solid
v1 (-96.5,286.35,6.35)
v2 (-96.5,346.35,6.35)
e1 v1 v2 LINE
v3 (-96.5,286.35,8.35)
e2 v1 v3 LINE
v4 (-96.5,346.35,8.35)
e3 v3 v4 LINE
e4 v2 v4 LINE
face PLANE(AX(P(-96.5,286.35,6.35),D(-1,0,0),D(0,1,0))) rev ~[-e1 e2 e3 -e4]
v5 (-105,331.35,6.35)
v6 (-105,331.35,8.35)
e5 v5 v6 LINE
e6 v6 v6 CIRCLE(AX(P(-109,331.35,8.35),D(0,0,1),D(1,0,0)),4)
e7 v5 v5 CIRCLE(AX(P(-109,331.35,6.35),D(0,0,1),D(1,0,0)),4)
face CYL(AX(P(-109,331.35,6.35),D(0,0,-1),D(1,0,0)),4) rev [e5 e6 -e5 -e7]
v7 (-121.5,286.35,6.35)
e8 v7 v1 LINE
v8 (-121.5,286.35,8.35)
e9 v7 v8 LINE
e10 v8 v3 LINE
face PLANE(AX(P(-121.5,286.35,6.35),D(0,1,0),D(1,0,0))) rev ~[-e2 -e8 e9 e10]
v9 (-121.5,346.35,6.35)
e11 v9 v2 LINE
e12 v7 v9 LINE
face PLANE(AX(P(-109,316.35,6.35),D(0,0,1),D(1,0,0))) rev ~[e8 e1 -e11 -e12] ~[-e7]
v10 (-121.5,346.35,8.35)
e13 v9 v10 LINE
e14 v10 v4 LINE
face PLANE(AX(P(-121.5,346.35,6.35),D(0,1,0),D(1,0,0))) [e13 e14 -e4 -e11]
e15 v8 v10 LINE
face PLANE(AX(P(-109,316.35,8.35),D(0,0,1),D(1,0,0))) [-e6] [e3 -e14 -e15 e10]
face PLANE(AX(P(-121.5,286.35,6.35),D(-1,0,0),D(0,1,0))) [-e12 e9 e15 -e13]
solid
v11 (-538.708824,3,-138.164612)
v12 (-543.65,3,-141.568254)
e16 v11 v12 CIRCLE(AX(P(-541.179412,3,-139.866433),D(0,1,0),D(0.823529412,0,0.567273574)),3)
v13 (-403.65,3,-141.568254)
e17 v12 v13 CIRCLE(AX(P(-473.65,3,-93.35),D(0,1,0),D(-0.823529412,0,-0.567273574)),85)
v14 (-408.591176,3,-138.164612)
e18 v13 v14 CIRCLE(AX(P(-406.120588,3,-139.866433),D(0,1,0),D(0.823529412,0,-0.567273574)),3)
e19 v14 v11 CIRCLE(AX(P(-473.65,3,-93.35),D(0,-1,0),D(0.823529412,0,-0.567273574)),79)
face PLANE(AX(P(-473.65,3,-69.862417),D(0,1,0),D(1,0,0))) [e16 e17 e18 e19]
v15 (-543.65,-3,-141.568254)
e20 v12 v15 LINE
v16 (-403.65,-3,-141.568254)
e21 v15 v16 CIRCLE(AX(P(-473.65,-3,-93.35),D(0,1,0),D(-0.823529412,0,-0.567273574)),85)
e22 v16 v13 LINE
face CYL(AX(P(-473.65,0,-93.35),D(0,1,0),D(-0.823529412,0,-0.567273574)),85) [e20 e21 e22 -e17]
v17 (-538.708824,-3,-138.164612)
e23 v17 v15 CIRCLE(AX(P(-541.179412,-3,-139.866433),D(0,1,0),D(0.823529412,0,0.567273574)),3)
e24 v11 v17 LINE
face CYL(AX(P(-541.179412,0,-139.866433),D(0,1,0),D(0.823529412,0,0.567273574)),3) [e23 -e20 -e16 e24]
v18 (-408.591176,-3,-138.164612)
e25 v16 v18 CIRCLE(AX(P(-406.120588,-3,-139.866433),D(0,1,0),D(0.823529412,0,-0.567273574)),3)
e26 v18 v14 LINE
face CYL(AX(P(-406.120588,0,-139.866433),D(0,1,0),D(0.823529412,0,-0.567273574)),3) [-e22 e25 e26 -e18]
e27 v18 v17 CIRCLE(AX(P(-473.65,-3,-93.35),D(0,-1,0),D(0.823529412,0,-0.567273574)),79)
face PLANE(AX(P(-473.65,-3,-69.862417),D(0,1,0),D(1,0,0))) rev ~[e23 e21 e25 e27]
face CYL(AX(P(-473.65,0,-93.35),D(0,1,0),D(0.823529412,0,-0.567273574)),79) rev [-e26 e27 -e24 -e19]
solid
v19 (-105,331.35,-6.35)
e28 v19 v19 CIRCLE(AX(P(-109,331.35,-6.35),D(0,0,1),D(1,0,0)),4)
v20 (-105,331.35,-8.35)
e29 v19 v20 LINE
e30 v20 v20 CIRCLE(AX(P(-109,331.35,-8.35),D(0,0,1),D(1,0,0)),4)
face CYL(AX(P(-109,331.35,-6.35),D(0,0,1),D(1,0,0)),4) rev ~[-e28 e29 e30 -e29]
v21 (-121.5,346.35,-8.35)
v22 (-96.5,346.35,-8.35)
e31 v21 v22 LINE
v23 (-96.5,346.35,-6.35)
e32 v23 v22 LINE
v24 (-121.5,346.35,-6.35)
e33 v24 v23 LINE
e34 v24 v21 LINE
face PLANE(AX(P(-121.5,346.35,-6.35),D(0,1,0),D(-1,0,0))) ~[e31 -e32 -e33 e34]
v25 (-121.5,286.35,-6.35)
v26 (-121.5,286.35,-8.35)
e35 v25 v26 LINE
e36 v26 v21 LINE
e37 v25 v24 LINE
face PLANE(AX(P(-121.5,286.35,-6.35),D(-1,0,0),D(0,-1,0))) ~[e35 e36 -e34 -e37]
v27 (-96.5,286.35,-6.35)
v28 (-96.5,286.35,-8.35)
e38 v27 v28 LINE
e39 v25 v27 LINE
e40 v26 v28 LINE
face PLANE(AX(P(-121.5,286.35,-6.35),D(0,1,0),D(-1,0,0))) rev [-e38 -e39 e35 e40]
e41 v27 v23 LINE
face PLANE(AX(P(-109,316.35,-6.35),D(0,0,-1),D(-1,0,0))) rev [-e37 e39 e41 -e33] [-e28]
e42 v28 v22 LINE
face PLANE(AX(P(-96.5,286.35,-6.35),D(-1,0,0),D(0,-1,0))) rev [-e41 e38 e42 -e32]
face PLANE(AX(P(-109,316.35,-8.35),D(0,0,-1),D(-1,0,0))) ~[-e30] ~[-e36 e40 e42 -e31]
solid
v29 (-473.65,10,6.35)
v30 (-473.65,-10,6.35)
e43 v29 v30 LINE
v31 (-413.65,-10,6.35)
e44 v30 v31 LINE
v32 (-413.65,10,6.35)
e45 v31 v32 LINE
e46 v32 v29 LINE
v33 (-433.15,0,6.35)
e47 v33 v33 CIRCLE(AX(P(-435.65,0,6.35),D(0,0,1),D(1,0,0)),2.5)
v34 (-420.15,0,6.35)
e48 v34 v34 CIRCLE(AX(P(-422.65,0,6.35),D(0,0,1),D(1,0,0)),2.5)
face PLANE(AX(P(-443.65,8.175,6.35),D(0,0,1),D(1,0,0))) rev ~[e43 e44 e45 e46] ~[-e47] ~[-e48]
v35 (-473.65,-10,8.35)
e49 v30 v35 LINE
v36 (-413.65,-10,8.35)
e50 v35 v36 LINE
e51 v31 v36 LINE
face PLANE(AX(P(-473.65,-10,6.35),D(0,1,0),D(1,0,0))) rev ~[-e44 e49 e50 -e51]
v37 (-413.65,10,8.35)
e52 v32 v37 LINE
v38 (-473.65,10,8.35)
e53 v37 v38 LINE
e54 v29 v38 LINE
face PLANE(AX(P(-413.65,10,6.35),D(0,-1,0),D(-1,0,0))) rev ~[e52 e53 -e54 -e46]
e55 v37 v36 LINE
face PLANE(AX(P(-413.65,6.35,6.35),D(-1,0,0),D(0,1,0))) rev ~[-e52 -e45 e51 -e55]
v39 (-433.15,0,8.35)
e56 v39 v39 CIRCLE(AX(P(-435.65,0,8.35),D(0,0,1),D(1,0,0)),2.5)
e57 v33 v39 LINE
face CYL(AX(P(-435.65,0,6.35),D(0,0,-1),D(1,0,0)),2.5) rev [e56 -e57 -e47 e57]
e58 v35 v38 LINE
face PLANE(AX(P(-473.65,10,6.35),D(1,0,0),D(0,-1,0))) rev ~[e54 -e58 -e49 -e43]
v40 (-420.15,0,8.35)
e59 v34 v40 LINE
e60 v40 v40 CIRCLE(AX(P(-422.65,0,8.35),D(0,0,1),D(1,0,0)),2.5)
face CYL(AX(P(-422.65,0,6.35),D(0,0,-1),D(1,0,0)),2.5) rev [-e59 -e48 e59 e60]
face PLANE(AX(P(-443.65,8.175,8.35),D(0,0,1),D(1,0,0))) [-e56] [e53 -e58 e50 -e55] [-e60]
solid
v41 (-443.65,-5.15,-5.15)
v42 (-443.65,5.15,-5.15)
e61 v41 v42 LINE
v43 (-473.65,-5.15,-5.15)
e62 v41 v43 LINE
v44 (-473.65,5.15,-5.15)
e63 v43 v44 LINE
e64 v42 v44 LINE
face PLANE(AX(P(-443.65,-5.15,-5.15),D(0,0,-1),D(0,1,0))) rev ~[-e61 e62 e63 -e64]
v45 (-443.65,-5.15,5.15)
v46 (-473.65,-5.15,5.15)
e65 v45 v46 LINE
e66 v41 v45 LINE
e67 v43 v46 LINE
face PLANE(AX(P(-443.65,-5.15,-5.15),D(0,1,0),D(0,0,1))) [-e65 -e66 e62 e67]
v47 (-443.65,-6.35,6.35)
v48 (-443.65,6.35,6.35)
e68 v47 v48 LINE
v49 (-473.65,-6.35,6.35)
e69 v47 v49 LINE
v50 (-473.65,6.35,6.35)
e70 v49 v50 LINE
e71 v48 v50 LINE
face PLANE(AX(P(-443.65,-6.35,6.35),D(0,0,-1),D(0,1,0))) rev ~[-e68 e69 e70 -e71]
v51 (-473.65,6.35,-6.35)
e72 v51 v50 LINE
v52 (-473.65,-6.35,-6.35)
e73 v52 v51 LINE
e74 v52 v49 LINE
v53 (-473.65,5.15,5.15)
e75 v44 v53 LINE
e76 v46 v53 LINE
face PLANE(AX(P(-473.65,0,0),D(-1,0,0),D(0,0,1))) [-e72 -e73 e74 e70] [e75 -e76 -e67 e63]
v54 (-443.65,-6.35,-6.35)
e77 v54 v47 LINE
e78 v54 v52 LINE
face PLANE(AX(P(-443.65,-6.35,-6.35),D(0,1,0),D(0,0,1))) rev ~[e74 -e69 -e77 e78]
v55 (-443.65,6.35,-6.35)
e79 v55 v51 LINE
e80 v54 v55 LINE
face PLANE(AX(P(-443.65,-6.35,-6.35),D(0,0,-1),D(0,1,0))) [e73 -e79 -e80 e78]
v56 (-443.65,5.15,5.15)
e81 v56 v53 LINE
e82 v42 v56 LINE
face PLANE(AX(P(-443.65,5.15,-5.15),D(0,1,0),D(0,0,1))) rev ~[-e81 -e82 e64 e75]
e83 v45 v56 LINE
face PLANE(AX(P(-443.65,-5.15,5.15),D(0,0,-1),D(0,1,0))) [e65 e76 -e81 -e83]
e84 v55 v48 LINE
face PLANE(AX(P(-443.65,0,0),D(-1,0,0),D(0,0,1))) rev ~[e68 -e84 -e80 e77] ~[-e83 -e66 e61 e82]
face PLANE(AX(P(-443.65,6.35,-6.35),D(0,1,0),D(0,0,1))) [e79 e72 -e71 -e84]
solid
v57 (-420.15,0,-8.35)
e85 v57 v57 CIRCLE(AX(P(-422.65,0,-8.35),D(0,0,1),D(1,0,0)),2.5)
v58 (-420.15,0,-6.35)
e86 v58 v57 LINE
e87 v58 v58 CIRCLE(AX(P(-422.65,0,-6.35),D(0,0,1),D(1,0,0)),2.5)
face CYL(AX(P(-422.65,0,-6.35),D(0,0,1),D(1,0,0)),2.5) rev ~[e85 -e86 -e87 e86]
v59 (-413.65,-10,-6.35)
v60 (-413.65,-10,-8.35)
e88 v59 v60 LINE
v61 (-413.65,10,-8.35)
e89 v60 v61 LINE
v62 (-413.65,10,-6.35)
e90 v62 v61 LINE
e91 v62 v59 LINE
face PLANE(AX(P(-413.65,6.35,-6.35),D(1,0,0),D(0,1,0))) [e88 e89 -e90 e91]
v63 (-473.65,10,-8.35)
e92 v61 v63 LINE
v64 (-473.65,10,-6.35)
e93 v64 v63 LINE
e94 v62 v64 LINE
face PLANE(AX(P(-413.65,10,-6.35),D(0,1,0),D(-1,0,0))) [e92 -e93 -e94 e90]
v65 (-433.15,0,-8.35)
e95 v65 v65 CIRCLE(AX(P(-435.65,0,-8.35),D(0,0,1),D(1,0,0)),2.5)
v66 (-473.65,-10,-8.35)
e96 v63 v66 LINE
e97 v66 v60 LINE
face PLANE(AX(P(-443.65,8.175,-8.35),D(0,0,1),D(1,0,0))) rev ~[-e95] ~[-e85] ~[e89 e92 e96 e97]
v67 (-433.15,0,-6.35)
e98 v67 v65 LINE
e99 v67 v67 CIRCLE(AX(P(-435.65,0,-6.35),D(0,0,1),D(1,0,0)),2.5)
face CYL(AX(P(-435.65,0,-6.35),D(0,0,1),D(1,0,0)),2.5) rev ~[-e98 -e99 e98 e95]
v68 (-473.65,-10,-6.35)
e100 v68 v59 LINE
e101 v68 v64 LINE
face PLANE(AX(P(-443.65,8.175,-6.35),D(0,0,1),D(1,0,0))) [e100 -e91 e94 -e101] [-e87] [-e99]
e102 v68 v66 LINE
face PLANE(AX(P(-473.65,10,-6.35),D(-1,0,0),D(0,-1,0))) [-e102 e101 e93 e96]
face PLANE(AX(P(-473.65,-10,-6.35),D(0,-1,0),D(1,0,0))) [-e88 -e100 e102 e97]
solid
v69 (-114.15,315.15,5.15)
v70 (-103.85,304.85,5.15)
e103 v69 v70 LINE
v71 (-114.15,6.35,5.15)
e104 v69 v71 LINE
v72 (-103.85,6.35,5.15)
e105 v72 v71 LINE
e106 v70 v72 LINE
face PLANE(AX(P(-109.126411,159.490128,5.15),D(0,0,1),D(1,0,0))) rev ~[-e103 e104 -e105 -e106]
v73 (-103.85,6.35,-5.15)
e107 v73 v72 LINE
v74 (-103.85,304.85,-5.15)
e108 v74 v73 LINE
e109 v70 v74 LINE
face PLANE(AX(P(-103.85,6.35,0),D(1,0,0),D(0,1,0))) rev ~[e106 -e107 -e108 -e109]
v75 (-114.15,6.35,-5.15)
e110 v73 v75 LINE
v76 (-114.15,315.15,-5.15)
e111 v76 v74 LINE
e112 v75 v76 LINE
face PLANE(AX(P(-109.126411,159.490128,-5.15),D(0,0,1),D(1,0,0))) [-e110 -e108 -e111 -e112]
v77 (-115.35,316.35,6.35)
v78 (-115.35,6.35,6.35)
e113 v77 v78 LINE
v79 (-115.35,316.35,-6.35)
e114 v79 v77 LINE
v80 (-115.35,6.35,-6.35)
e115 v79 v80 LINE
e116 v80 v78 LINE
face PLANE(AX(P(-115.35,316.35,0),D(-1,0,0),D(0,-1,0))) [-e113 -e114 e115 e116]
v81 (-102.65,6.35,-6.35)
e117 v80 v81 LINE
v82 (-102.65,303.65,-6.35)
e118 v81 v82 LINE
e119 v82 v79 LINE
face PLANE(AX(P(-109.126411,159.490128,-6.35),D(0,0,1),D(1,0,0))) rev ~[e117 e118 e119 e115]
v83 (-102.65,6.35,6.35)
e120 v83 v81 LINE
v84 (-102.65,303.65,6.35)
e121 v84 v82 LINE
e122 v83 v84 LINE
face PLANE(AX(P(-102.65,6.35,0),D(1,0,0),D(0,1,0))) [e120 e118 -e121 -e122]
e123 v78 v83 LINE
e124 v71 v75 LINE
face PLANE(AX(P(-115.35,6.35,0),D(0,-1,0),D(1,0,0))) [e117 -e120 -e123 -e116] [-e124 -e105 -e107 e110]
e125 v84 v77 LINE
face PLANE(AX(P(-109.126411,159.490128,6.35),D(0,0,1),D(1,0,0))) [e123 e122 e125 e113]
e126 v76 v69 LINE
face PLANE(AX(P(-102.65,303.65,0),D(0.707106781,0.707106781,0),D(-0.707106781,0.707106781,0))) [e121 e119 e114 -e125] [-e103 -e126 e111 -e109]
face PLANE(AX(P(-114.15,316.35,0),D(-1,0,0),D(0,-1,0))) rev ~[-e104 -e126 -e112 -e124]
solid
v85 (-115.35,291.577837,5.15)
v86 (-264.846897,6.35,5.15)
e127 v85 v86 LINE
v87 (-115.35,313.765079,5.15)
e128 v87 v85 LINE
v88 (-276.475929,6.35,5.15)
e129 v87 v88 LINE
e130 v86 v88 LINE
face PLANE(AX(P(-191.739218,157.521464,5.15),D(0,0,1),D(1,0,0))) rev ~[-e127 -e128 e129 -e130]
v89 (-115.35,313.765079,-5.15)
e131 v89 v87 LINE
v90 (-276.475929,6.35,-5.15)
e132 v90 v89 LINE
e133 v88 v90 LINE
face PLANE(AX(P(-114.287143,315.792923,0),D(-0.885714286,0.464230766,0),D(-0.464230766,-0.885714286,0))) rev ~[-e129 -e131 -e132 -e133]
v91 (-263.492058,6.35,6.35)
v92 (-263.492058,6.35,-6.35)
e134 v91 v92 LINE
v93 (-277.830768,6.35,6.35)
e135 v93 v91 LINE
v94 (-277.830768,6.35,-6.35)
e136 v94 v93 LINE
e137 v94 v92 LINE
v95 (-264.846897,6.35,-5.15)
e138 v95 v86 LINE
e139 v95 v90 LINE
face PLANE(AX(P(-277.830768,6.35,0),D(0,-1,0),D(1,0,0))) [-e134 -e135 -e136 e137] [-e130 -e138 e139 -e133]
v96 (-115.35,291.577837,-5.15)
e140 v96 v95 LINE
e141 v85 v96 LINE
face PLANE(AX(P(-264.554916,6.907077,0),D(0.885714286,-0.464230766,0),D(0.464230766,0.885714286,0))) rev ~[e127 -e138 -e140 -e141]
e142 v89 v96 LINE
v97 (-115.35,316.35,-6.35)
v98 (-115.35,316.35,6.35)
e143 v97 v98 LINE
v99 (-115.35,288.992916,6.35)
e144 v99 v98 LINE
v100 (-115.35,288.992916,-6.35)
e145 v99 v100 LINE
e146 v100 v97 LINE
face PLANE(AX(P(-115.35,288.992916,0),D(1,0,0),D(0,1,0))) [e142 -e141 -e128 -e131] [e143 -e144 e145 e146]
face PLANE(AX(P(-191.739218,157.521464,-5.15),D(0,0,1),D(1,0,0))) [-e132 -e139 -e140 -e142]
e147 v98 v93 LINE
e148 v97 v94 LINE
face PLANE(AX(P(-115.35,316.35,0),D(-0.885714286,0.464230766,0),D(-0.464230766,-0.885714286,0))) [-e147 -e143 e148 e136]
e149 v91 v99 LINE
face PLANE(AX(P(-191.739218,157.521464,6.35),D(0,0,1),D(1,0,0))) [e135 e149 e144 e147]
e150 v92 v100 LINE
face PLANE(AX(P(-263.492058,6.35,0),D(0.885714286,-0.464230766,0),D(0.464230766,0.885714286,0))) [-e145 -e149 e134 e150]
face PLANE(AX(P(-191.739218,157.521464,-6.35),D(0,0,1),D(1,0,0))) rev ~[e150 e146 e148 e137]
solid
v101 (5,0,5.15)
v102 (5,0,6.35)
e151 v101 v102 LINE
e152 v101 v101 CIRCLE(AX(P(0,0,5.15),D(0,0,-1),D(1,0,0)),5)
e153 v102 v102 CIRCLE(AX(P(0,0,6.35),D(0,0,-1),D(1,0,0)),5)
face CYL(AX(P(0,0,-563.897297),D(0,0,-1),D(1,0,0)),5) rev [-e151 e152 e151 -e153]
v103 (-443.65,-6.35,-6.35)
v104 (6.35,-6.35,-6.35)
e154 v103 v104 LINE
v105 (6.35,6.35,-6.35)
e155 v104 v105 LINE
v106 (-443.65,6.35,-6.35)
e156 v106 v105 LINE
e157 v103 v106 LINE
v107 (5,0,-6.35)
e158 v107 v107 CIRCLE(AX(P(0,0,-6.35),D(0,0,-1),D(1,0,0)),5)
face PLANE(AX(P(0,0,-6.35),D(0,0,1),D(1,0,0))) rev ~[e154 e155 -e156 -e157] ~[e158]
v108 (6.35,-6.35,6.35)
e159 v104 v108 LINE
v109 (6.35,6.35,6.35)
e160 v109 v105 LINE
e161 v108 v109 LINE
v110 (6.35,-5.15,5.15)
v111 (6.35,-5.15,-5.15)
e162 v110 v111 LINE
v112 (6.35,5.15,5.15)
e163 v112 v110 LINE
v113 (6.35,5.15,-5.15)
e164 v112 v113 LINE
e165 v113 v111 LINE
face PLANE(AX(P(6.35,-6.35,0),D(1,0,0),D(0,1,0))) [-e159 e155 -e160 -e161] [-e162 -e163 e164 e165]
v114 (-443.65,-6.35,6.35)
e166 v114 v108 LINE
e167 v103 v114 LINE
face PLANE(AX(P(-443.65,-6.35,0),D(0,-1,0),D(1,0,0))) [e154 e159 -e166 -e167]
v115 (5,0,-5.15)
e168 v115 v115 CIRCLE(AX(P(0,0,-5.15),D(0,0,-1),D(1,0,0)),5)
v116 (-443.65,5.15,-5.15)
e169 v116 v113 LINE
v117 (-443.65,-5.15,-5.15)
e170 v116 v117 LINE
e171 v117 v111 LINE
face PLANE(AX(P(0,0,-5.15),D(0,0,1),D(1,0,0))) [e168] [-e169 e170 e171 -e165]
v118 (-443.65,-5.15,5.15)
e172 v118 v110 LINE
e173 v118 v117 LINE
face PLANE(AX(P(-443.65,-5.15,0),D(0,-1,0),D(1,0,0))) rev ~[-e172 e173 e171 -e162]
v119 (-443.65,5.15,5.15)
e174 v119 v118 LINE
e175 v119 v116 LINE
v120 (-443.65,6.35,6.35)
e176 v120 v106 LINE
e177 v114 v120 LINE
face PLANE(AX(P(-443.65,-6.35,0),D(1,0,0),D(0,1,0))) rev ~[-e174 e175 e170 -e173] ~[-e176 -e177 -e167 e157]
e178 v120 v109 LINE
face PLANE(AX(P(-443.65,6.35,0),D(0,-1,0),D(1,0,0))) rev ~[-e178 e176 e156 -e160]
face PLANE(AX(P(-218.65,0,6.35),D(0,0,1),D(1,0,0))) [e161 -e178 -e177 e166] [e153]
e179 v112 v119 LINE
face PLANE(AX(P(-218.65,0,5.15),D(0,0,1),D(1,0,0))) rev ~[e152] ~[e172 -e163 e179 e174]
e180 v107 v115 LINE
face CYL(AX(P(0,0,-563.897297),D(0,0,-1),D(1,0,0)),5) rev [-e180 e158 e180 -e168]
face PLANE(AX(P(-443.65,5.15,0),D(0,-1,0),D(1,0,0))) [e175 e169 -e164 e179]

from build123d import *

# Parameters (mm, degrees)
SKETCH1_W               = 450
SKETCH1_H               = 12.7
SKETCH1_R               = 5
BOSS_EXTRUDE1_DEPTH     = 6.35
SHELL1_T                = -1.2
BOSS_EXTRUDE2_DEPTH     = 6.35
SHELL2_T                = -1.2
BOSS_EXTRUDE3_DEPTH     = 6.35
SHELL3_T                = -1.2
BOSS_EXTRUDE4_START     = 6.35
SKETCH1_5_W             = 25
SKETCH1_5_H             = 60
SKETCH1_5_R             = 4
BOSS_EXTRUDE4_DEPTH     = 2
CUT_EXTRUDE1_DEPTH      = 563.897297471
CUT_EXTRUDE1_DEPTH_BACK = 563.897297471
SKETCH1_6_R             = 5
SKETCH2_W               = 30
SKETCH2_H               = 12.7
SKETCH2_R               = 2.5
BOSS_EXTRUDE5_DEPTH     = 2
SKETCH4_W               = 12.7
SKETCH4_H               = 12.7
SKETCH4_W_2             = 10.3
SKETCH4_H_2             = 10.3
BOSS_EXTRUDE7_DEPTH     = 30
BOSS_EXTRUDE8_START     = -12.7
SKETCH2_6_W             = 30
SKETCH2_6_H             = 12.7
SKETCH2_6_R             = 2.5
BOSS_EXTRUDE8_DEPTH     = 2
BOSS_EXTRUDE9_DEPTH     = 3


with BuildPart() as part:
    # Sketch1 → Boss-Extrude1 (new, symmetric)
    # profile 1 of 2: a face of its own
    with BuildSketch(Plane.XY):
        with Locations((-218.65, 0)):
            Rectangle(SKETCH1_W, SKETCH1_H)
        Circle(SKETCH1_R, mode=Mode.SUBTRACT)
    # profile 2 of 2: a face of its own
    with BuildSketch(Plane.XY):
        Circle(SKETCH1_R)
    extrude(amount=BOSS_EXTRUDE1_DEPTH, both=True)

    # Shell1
    shell1_openings = [part.faces().sort_by_distance(p)[0] for p in [
        (-443.65, 0, 0),
        (6.35, 0, 0),
    ]]
    offset(amount=SHELL1_T, openings=shell1_openings, kind=Kind.INTERSECTION)

    # Sketch1<6> → Cut-Extrude1 (cut, two sides: drawn at the far end of the back side and taken through both)
    with BuildSketch(Plane.XY.offset(-CUT_EXTRUDE1_DEPTH_BACK)):
        Circle(SKETCH1_6_R)
    extrude(amount=CUT_EXTRUDE1_DEPTH + CUT_EXTRUDE1_DEPTH_BACK, mode=Mode.SUBTRACT)


with BuildPart() as body_2:
    # Sketch1<3> → Boss-Extrude2 (new, symmetric)
    with BuildSketch(Plane.XY):
        Polygon((-115.35, 288.99291613), (-115.35, 316.35), (-277.830768093, 6.35), (-263.492058415, 6.35), align=None)
    extrude(amount=BOSS_EXTRUDE2_DEPTH, both=True)

    # Shell2
    shell2_openings = [body_2.faces().sort_by_distance(p)[0] for p in [
        (-270.661413254, 6.35, 0),
        (-115.35, 302.671458065, 0),
    ]]
    offset(amount=SHELL2_T, openings=shell2_openings, kind=Kind.INTERSECTION)


with BuildPart() as body_3:
    # Sketch1<4> → Boss-Extrude3 (new, symmetric)
    with BuildSketch(Plane.XY):
        Polygon((-102.65, 303.65), (-115.35, 316.35), (-115.35, 6.35), (-102.65, 6.35), align=None)
    extrude(amount=BOSS_EXTRUDE3_DEPTH, both=True)

    # Shell3
    shell3_openings = [body_3.faces().sort_by_distance(p)[0] for p in [
        (-109, 6.35, 0),
        (-109, 310, 0),
    ]]
    offset(amount=SHELL3_T, openings=shell3_openings, kind=Kind.INTERSECTION)


with BuildPart() as body_4:
    # Sketch1<5> → Boss-Extrude4 (new body)
    with BuildSketch(Plane.XY.offset(BOSS_EXTRUDE4_START)):
        with Locations((-109, 316.35)):
            Rectangle(SKETCH1_5_W, SKETCH1_5_H)
        with Locations((-109, 331.35)):
            Circle(SKETCH1_5_R, mode=Mode.SUBTRACT)
    extrude(amount=BOSS_EXTRUDE4_DEPTH)


with BuildPart() as body_5:
    # Mirror1: mirrored copy
    add(body_4.part.mirror(Plane.XY))


with BuildPart() as body_6:
    # Sketch2 → Boss-Extrude5 (new body)
    # profile 1 of 4: a face of its own
    with BuildSketch(Plane.XY.offset(6.35)):
        Polygon((-443.65, -6.35), (-473.65, -6.35), (-473.65, -10), (-413.65, -10), (-413.65, -6.35), align=None)
    # profile 2 of 4: a face of its own
    with BuildSketch(Plane.XY.offset(6.35)):
        with Locations((-428.65, 0)):
            Rectangle(SKETCH2_W, SKETCH2_H)
        with Locations((-435.65, 0)):
            Circle(SKETCH2_R, mode=Mode.SUBTRACT)
        with Locations((-422.65, 0)):
            Circle(SKETCH2_R, mode=Mode.SUBTRACT)
    # profile 3 of 4: a face of its own
    with BuildSketch(Plane.XY.offset(6.35)):
        with Locations((-458.65, 0)):
            Rectangle(SKETCH2_W, SKETCH2_H)
    # profile 4 of 4: a face of its own
    with BuildSketch(Plane.XY.offset(6.35)):
        Polygon((-413.65, 10), (-473.65, 10), (-473.65, 6.35), (-443.65, 6.35), (-413.65, 6.35), align=None)
    extrude(amount=BOSS_EXTRUDE5_DEPTH)


with BuildPart() as body_7:
    # Sketch4 → Boss-Extrude7 (new body)
    with BuildSketch(Plane.ZY.offset(443.65)):
        Rectangle(SKETCH4_W, SKETCH4_H)
        Rectangle(SKETCH4_W_2, SKETCH4_H_2, mode=Mode.SUBTRACT)
    extrude(amount=BOSS_EXTRUDE7_DEPTH)


with BuildPart() as body_8:
    # Sketch2<6> → Boss-Extrude8 (new body)
    # profile 1 of 4: a face of its own
    with BuildSketch(Plane.XY.offset(6.35).offset(BOSS_EXTRUDE8_START)):
        Polygon((-443.65, -6.35), (-473.65, -6.35), (-473.65, -10), (-413.65, -10), (-413.65, -6.35), align=None)
    # profile 2 of 4: a face of its own
    with BuildSketch(Plane.XY.offset(6.35).offset(BOSS_EXTRUDE8_START)):
        with Locations((-458.65, 0)):
            Rectangle(SKETCH2_6_W, SKETCH2_6_H)
    # profile 3 of 4: a face of its own
    with BuildSketch(Plane.XY.offset(6.35).offset(BOSS_EXTRUDE8_START)):
        with Locations((-428.65, 0)):
            Rectangle(SKETCH2_6_W, SKETCH2_6_H)
        with Locations((-435.65, 0)):
            Circle(SKETCH2_6_R, mode=Mode.SUBTRACT)
        with Locations((-422.65, 0)):
            Circle(SKETCH2_6_R, mode=Mode.SUBTRACT)
    # profile 4 of 4: a face of its own
    with BuildSketch(Plane.XY.offset(6.35).offset(BOSS_EXTRUDE8_START)):
        Polygon((-413.65, 10), (-473.65, 10), (-473.65, 6.35), (-443.65, 6.35), (-413.65, 6.35), align=None)
    extrude(amount=-BOSS_EXTRUDE8_DEPTH)


with BuildPart() as body_9:
    # Sketch5 → Boss-Extrude9 (new, symmetric)
    with BuildSketch(Plane(origin=(0, 0, 0), x_dir=(1, 0, 0), z_dir=(0, 1, 0))):
        with BuildLine():
            ThreePointArc((-543.65, 141.568253805), (-473.65, 8.35), (-403.65, 141.568253805))
            ThreePointArc((-403.65, 141.568253805), (-407.822408958, 142.337021318), (-408.591176471, 138.16461236))
            ThreePointArc((-408.591176471, 138.16461236), (-473.65, 14.35), (-538.708823529, 138.16461236))
            ThreePointArc((-538.708823529, 138.16461236), (-539.477591042, 142.337021318), (-543.65, 141.568253805))
        make_face()
    extrude(amount=BOSS_EXTRUDE9_DEPTH, both=True)


solid = Compound([part.part, body_2.part, body_3.part, body_4.part, body_5.part, body_6.part, body_7.part, body_8.part, body_9.part])
